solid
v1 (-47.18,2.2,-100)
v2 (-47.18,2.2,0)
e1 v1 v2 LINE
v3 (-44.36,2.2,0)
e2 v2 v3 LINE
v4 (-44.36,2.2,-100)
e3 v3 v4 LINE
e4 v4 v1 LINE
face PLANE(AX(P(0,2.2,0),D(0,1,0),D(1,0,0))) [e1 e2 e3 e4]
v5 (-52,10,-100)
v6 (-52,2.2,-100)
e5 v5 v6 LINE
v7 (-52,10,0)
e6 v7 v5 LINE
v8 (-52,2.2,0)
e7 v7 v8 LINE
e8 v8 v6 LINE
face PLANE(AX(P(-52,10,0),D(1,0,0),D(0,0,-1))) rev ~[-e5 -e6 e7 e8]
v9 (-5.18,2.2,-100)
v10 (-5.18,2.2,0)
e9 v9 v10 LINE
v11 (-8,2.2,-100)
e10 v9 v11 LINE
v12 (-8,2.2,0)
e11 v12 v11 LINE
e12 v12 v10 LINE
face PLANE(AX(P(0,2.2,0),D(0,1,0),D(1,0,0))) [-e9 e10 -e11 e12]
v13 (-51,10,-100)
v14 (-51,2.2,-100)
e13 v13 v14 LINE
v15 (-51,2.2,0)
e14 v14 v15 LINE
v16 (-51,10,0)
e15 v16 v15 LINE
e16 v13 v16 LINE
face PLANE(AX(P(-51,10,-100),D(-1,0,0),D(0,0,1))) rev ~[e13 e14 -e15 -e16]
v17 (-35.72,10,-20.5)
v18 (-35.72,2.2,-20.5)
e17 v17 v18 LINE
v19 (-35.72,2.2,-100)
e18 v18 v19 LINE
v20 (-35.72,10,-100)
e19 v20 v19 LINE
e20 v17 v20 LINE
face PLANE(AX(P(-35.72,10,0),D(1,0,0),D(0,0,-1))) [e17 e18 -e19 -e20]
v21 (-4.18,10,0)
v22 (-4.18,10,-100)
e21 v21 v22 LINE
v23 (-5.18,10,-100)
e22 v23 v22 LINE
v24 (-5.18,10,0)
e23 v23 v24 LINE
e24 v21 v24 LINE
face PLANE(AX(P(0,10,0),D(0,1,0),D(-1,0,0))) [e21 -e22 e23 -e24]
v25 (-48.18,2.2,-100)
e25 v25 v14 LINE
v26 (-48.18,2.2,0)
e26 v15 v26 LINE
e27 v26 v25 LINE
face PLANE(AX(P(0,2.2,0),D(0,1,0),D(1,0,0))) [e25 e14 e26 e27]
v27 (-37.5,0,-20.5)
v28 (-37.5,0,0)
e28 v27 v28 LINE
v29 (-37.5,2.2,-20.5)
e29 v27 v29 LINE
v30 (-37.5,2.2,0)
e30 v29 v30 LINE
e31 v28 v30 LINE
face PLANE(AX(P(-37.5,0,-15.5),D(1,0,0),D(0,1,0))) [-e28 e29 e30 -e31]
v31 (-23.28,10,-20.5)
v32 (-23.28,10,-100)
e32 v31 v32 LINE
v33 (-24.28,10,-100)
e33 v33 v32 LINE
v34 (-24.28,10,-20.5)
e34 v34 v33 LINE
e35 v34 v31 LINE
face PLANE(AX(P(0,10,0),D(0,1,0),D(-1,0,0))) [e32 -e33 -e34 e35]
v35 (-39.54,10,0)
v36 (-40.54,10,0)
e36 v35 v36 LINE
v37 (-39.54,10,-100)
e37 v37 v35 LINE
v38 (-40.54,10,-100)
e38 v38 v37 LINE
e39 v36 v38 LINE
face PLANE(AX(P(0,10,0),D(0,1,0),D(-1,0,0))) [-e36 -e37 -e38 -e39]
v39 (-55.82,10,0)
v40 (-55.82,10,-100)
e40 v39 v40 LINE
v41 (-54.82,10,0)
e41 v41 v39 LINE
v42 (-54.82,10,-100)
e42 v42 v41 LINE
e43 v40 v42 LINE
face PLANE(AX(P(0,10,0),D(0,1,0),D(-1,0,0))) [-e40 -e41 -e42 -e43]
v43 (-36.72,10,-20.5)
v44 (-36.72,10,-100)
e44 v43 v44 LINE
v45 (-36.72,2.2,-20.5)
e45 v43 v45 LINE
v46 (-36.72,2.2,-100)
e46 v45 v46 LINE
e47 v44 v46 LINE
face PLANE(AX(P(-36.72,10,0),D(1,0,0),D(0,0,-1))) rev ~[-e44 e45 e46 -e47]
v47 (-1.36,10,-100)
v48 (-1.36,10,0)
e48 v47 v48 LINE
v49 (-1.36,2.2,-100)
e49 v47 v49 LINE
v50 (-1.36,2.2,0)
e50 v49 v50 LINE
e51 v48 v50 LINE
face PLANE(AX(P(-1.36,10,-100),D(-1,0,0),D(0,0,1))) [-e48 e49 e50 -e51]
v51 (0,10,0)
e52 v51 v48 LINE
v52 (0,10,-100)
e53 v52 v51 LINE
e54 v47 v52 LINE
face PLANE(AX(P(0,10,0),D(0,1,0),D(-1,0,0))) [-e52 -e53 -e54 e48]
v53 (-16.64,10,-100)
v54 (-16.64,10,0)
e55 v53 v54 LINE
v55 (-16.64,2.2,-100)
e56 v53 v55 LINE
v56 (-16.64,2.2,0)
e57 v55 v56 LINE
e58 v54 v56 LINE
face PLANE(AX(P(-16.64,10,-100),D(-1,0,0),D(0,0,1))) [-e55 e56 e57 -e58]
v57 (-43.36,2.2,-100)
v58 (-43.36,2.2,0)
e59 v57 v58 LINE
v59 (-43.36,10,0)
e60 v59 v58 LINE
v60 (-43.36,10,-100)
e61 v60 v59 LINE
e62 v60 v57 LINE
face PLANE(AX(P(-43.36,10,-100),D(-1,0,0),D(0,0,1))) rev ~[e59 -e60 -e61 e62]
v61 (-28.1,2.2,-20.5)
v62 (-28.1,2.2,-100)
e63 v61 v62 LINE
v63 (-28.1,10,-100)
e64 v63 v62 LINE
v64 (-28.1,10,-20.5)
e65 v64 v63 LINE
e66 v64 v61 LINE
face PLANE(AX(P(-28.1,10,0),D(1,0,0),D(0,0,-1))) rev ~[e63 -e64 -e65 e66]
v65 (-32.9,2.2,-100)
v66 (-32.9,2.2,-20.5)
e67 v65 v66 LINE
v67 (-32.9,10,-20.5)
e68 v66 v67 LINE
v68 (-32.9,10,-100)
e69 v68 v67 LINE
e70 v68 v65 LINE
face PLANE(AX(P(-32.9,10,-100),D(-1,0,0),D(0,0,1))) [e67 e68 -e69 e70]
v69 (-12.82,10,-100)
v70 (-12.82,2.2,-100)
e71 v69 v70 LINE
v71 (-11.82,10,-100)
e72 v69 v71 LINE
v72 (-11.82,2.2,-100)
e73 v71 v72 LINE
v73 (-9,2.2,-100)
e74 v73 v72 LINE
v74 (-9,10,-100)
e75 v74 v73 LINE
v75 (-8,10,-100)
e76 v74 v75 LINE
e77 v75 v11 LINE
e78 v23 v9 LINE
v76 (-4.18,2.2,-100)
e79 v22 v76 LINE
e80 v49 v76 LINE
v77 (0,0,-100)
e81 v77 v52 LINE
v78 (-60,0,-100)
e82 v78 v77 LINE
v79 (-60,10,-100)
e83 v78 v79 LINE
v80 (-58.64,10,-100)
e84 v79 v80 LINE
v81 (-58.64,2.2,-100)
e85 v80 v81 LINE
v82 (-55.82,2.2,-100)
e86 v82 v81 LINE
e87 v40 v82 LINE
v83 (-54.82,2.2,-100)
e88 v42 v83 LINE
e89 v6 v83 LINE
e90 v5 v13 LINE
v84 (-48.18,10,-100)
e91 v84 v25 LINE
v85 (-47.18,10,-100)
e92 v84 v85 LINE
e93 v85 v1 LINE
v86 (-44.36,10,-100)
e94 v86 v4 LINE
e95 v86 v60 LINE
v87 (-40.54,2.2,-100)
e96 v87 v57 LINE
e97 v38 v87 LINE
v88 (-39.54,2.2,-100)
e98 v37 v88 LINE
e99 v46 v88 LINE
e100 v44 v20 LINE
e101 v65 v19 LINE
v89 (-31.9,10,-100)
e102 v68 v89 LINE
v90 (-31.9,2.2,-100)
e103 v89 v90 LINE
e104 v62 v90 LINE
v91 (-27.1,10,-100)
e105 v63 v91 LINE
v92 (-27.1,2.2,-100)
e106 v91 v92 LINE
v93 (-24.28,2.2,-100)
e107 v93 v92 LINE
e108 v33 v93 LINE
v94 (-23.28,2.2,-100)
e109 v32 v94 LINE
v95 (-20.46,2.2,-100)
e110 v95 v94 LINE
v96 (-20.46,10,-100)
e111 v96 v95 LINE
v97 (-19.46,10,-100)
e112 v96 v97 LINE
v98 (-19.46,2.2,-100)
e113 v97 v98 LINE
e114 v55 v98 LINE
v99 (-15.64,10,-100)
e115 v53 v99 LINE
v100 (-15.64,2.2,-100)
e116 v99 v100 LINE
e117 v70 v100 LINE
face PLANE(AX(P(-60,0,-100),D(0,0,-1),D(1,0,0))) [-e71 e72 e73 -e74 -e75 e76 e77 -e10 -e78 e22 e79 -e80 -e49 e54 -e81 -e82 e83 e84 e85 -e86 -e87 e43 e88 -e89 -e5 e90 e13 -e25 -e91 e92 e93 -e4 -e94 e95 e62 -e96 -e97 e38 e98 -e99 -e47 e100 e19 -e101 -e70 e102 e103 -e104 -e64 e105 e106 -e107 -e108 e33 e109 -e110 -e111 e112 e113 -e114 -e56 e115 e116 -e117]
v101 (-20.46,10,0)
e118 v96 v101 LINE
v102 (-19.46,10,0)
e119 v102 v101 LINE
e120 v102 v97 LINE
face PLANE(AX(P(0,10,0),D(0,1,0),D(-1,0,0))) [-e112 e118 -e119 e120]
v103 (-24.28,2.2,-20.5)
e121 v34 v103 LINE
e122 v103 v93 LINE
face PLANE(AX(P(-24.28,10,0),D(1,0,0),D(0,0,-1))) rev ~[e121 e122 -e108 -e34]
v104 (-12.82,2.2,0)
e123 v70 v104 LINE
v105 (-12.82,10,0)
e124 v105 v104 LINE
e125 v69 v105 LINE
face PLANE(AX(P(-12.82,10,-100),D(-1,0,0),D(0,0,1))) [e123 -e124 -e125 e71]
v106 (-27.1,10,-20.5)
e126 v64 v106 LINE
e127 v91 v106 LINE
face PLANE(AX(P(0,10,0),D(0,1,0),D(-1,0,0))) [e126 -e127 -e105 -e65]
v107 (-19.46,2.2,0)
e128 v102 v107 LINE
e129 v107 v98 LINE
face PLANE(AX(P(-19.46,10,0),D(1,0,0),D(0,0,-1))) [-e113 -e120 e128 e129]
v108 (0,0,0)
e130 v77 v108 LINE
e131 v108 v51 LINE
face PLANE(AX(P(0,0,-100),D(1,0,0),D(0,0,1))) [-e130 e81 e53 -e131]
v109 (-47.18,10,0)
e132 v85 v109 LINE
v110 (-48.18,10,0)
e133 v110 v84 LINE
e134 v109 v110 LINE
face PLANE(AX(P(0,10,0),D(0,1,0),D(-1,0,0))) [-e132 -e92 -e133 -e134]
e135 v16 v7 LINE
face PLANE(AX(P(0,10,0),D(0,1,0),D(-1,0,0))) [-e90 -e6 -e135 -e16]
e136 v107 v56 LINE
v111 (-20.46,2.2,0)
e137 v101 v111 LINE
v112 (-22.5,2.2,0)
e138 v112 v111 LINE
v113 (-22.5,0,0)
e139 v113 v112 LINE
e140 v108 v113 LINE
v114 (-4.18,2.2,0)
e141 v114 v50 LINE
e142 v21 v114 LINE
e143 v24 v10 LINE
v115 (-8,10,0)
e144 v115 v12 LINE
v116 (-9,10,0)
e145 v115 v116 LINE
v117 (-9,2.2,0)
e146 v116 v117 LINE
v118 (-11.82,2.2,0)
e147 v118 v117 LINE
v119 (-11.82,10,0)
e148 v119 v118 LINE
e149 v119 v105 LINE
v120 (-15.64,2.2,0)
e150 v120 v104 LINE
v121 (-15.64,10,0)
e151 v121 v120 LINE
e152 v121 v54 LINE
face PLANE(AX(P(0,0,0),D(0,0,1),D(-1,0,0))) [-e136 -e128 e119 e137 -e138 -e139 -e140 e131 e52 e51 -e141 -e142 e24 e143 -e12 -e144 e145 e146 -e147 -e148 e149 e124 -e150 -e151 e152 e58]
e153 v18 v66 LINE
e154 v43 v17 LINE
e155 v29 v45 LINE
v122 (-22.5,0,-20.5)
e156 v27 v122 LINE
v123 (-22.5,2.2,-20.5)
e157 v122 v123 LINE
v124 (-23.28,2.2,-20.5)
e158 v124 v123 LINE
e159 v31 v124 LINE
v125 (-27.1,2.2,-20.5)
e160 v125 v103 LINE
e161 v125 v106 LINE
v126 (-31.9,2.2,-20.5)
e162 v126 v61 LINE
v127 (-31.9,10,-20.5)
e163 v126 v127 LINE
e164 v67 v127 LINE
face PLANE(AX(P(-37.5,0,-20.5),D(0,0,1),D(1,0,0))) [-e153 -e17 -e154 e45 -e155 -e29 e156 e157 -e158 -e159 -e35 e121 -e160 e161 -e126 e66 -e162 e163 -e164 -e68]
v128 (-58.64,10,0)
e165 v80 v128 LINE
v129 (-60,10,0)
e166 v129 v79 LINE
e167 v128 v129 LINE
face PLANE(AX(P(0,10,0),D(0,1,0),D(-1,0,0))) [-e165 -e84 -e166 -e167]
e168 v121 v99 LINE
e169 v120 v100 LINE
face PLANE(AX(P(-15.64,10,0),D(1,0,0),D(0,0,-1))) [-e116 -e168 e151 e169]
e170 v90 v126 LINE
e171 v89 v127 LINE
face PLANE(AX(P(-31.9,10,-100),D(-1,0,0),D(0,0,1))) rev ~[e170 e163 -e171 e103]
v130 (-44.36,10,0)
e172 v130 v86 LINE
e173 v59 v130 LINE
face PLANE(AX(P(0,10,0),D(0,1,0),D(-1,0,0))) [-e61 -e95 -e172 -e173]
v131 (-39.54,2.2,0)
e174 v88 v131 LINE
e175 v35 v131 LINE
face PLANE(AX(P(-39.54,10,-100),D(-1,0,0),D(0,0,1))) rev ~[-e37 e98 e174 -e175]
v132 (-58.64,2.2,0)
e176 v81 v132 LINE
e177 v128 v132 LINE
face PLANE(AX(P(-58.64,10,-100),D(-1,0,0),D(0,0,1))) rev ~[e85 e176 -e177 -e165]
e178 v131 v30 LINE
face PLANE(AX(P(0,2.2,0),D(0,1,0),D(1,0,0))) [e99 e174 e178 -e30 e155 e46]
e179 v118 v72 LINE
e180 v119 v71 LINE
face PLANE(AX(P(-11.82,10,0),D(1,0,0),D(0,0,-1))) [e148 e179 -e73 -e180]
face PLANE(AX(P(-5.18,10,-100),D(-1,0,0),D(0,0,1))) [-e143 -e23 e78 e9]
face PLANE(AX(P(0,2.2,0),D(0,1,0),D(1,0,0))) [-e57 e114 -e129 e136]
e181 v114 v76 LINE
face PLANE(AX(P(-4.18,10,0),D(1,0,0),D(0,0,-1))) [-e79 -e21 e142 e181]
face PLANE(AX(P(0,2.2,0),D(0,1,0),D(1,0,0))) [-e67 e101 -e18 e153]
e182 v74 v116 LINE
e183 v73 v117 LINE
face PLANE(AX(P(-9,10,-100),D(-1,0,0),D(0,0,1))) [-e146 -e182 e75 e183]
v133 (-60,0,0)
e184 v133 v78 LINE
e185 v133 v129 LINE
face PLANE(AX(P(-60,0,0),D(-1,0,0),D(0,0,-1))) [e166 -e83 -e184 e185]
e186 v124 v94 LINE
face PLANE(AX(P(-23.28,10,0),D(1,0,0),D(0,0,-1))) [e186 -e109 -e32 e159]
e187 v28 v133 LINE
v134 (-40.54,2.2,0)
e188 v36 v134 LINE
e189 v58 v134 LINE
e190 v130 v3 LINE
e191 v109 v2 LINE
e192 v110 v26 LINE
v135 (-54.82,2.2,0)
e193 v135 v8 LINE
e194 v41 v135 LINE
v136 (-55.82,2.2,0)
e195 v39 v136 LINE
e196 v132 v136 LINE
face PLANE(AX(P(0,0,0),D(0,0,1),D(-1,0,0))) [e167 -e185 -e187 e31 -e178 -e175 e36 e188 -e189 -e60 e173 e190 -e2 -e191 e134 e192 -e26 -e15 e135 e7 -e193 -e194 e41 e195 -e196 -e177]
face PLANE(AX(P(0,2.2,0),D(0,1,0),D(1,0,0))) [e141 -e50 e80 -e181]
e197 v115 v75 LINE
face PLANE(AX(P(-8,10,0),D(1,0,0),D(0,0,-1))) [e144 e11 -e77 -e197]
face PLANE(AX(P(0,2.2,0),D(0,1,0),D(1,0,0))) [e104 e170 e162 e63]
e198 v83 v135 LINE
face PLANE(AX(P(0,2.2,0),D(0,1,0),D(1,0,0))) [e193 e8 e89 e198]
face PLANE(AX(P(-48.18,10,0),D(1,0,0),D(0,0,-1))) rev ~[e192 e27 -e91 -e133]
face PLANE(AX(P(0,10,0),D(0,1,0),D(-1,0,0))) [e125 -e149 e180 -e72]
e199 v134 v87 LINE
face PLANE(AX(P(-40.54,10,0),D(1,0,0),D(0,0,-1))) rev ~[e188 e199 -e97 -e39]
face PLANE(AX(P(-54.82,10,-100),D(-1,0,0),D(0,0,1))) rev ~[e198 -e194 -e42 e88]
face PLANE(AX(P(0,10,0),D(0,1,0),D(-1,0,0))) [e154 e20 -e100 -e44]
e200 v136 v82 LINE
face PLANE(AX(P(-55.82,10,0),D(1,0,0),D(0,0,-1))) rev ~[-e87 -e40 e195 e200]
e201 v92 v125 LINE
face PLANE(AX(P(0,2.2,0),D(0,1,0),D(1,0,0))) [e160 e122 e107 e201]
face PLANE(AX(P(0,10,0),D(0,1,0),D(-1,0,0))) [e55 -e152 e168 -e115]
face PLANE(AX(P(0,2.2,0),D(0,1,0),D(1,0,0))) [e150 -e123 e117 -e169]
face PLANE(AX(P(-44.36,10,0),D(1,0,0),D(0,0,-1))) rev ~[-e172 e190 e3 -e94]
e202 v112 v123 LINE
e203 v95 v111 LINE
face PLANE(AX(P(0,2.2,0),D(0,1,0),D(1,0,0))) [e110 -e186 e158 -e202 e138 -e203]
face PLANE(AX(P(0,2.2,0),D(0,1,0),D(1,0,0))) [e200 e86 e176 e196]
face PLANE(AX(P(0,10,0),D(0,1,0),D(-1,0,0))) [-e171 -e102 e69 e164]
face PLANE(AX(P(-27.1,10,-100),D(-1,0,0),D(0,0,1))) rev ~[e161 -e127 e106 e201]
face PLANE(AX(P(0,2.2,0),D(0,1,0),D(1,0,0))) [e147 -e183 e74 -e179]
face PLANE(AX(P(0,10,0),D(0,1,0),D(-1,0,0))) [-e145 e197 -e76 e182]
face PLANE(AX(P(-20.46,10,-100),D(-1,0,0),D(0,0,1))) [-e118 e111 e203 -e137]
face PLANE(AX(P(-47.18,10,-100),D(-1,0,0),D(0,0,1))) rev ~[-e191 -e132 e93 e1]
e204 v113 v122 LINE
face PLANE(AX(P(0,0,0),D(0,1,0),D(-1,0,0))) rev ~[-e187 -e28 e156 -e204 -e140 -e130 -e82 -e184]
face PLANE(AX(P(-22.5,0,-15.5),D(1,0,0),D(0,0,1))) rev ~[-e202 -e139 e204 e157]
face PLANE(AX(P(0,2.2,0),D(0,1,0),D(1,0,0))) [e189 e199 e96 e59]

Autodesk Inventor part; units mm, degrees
ref_plane "YZ Plane" through (0, 0, 0) normal (1, 0, 0) x (0, 1, 0)
ref_plane "XZ Plane" through (0, 0, 0) normal (0, 1, 0) x (-1, 0, 0)
ref_plane "XY Plane" through (0, 0, 0) normal (0, 0, 1) x (1, 0, 0)
sketch "Sketch1" plane through (0, 0, 0) normal (0, 1, 0) x (-1, 0, 0)
  line L0 (0, 0) -> (60, 0)
  line L1 (60, 0) -> (60, -100)
  line L2 (60, -100) -> (0, -100)
  line L3 (0, -100) -> (0, 0)
  dimension "d0" = 60
  dimension "d1" = 100
extrude "Extrusion1" add sketch "Sketch1" along normal blind 10
sketch "Sketch2" plane through (0, 10, 0) normal (0, 1, 0) x (1, 0, 0)
  line L0 (-60, 0) -> (0, 0) projected
  line L1 (-30, 0) -> (-30, 100)
  line L2 (0, 100) -> (-60, 100) projected
  line L3 (-31.9, 0) -> (-28.1, 0)
  line L4 (-28.1, 0) -> (-28.1, 100)
  line L5 (-28.1, 100) -> (-31.9, 100)
  line L6 (-31.9, 100) -> (-31.9, 0)
  line L7 (-31.9, 0) -> (-28.1, 100) construction
  line L8 (-28.1, 0) -> (-31.9, 100) construction
  line L9 (-32.9, 0) -> (-35.72, 0)
  line L10 (-35.72, 0) -> (-35.72, 100)
  line L11 (-35.72, 100) -> (-32.9, 100)
  line L12 (-32.9, 100) -> (-32.9, 0)
  line L13 (-32.9, 0) -> (-35.72, 100) construction
  line L14 (-35.72, 0) -> (-32.9, 100) construction
  line L15 (-39.54, 0) -> (-36.72, 0)
  line L16 (-36.72, 0) -> (-36.72, 100)
  line L17 (-36.72, 100) -> (-39.54, 100)
  line L18 (-39.54, 100) -> (-39.54, 0)
  line L19 (-39.54, 0) -> (-36.72, 100) construction
  line L20 (-36.72, 0) -> (-39.54, 100) construction
  line L21 (-43.36, 0) -> (-40.54, 0)
  line L22 (-40.54, 0) -> (-40.54, 100)
  line L23 (-40.54, 100) -> (-43.36, 100)
  line L24 (-43.36, 100) -> (-43.36, 0)
  line L25 (-43.36, 0) -> (-40.54, 100) construction
  line L26 (-40.54, 0) -> (-43.36, 100) construction
  line L27 (-47.18, 0) -> (-44.36, 0)
  line L28 (-44.36, 0) -> (-44.36, 100)
  line L29 (-44.36, 100) -> (-47.18, 100)
  line L30 (-47.18, 100) -> (-47.18, 0)
  line L31 (-47.18, 0) -> (-44.36, 100) construction
  line L32 (-44.36, 0) -> (-47.18, 100) construction
  line L33 (-51, 0) -> (-48.18, 0)
  line L34 (-48.18, 0) -> (-48.18, 100)
  line L35 (-48.18, 100) -> (-51, 100)
  line L36 (-51, 100) -> (-51, 0)
  line L37 (-51, 0) -> (-48.18, 100) construction
  line L38 (-48.18, 0) -> (-51, 100) construction
  line L39 (-54.82, 0) -> (-52, 0)
  line L40 (-52, 0) -> (-52, 100)
  line L41 (-52, 100) -> (-54.82, 100)
  line L42 (-54.82, 100) -> (-54.82, 0)
  line L43 (-54.82, 0) -> (-52, 100) construction
  line L44 (-52, 0) -> (-54.82, 100) construction
  line L45 (-58.64, 0) -> (-55.82, 0)
  line L46 (-55.82, 0) -> (-55.82, 100)
  line L47 (-55.82, 100) -> (-58.64, 100)
  line L48 (-58.64, 100) -> (-58.64, 0)
  line L49 (-58.64, 0) -> (-55.82, 100) construction
  line L50 (-55.82, 0) -> (-58.64, 100) construction
  line L51 (-31.9, 0) -> (-31.9, 100)
  line L52 (-28.1, 100) -> (-28.1, 0)
  line L53 (-28.1, 0) -> (-31.9, 100) construction
  line L54 (-31.9, 0) -> (-28.1, 100) construction
  line L55 (-24.28, 0) -> (-24.28, 100)
  line L56 (-27.1, 100) -> (-27.1, 0)
  line L57 (-27.1, 0) -> (-24.28, 100) construction
  line L58 (-24.28, 0) -> (-27.1, 100) construction
  line L59 (-23.28, 0) -> (-23.28, 100)
  line L60 (-20.46, 100) -> (-20.46, 0)
  line L61 (-20.46, 0) -> (-23.28, 100) construction
  line L62 (-23.28, 0) -> (-20.46, 100) construction
  line L63 (-19.46, 0) -> (-19.46, 100)
  line L64 (-16.64, 100) -> (-16.64, 0)
  line L65 (-16.64, 0) -> (-19.46, 100) construction
  line L66 (-19.46, 0) -> (-16.64, 100) construction
  line L67 (-15.64, 0) -> (-15.64, 100)
  line L68 (-12.82, 100) -> (-12.82, 0)
  line L69 (-12.82, 0) -> (-15.64, 100) construction
  line L70 (-15.64, 0) -> (-12.82, 100) construction
  line L71 (-11.82, 0) -> (-11.82, 100)
  line L72 (-9, 100) -> (-9, 0)
  line L73 (-9, 0) -> (-11.82, 100) construction
  line L74 (-11.82, 0) -> (-9, 100) construction
  line L75 (-8, 0) -> (-8, 100)
  line L76 (-5.18, 100) -> (-5.18, 0)
  line L77 (-5.18, 0) -> (-8, 100) construction
  line L78 (-8, 0) -> (-5.18, 100) construction
  line L79 (-4.18, 0) -> (-4.18, 100)
  line L80 (-1.36, 100) -> (-1.36, 0)
  line L81 (-1.36, 0) -> (-4.18, 100) construction
  line L82 (-4.18, 0) -> (-1.36, 100) construction
  line L83 (-60, 100) -> (-60, 0) projected
  point P0 (-30, 50)
  point P1 (-34.31, 50)
  point P2 (-38.13, 50)
  point P3 (-41.95, 50)
  point P4 (-45.77, 50)
  point P5 (-49.59, 50)
  point P6 (-53.41, 50)
  point P7 (-57.23, 50)
  point P8 (-25.69, 50)
  point P9 (-21.87, 50)
  point P10 (-18.05, 50)
  point P11 (-14.23, 50)
  point P12 (-10.41, 50)
  point P13 (-6.59, 50)
  point P14 (-2.77, 50)
  point P15 (-1.36, 0)
  point P16 (-1.36, 100)
  point P17 (-4.18, 100)
  point P18 (-4.18, 0)
  point P19 (-5.18, 0)
  point P20 (-5.18, 100)
  point P21 (-8, 100)
  point P22 (-8, 0)
  point P23 (-9, 0)
  point P24 (-9, 100)
  point P25 (-11.82, 100)
  point P26 (-11.82, 0)
  point P27 (-12.82, 0)
  point P28 (-12.82, 100)
  point P29 (-15.64, 100)
  point P30 (-15.64, 0)
  point P31 (-16.64, 0)
  point P32 (-16.64, 100)
  point P33 (-19.46, 100)
  point P34 (-19.46, 0)
  point P35 (-23.28, 0)
  point P36 (-20.46, 0)
  point P37 (-27.1, 0)
  point P38 (-24.28, 0)
  point P39 (-31.9, 0)
  point P40 (-28.1, 0)
  point P41 (-32.9, 0)
  point P42 (-35.72, 0)
  point P43 (-39.54, 0)
  point P44 (-36.72, 0)
  point P45 (-43.36, 0)
  point P46 (-40.54, 0)
  point P47 (-47.18, 0)
  point P48 (-44.36, 0)
  point P49 (-51, 0)
  point P50 (-48.18, 0)
  point P51 (-54.82, 100)
  point P52 (-54.82, 0)
  point P53 (-52, 0)
  point P54 (-52, 100)
  point P55 (-58.64, 100)
  point P56 (-58.64, 0)
  point P57 (-55.82, 0)
  point P58 (-55.82, 100)
  dimension "d4" = 3.8
  dimension "d5" = 100
  dimension "d6" = 2.82
  dimension "d7" = 1
  dimension "d8" = 100
  dimension "d9" = 2.82
  dimension "d10" = 1
  dimension "d11" = 2.82
  dimension "d12" = 1
  dimension "d13" = 2.82
  dimension "d14" = 100
  dimension "d15" = 1
  dimension "d16" = 2.82
  dimension "d17" = 100
  dimension "d18" = 1
  dimension "d19" = 2.82
  dimension "d20" = 100
  dimension "d21" = 1
  dimension "d22" = 2.82
  dimension "d23" = 100
  dimension "d24" = 1
  dimension "d27" = 1.36
  dimension "d28" = 0
  dimension "d29" = 0
  dimension "d30" = 100
  dimension "d31" = 100
extrude "Extrusion2" cut sketch "Sketch2" against normal blind 7.8 contours L48 L2 L46 L0 | L42 L2 L40 L0 | L36 L2 L34 L0 | L30 L2 L28 L0 | L24 L2 L22 L0 | L18 L2 L16 L0 | L10 L2 L12 L0 | L6 L2 L1 L0 | L1 L2 L4 L0 | L56 L2 L55 L0 | L59 L2 L60 L0 | L63 L2 L64 L0 | L67 L2 L68 L0 | L71 L2 L72 L0 | L75 L2 L76 L0 | L79 L2 L80 L0
sketch "Sketch3" plane through (0, 0, 0) normal (0, -1, 0) x (1, 0, 0)
  line L0 (-12.82, 0) -> (-11.82, 0) projected
  line L1 (-22.5, 0) -> (-37.5, 0)
  line L2 (-37.5, 0) -> (-37.5, -15.5)
  line L3 (-37.5, -15.5) -> (-22.5, -15.5)
  line L4 (-22.5, -15.5) -> (-22.5, 0)
  line L5 (0, 0) -> (0, -100) projected
  dimension "d32" = 15
  dimension "d33" = 15.5
  dimension "d34" = 22.5
extrude "Extrusion3" cut sketch "Sketch3" against normal blind 31.5
sketch "Sketch4" plane through (-37.5, 0, -15.5) normal (0, 0, 1) x (1, 0, 0)
  line L0 (0, -3.5749) -> (15, -3.5749)
  line L1 (15, -3.5749) -> (15, 11.2742)
  line L2 (15, 11.2742) -> (0, 11.2742)
  line L3 (0, 11.2742) -> (0, -3.5749)
  line L4 (0, 0) -> (0, 2.2) projected
  line L5 (15, 0) -> (15, 2.2) projected
  point P0 (37.5, 0)
  dimension "d37" = 0
  dimension "d38" = 0
extrude "Extrusion4" cut sketch "Sketch4" against normal blind 5
properties part number "heatsink" material "Aluminum 6061"
